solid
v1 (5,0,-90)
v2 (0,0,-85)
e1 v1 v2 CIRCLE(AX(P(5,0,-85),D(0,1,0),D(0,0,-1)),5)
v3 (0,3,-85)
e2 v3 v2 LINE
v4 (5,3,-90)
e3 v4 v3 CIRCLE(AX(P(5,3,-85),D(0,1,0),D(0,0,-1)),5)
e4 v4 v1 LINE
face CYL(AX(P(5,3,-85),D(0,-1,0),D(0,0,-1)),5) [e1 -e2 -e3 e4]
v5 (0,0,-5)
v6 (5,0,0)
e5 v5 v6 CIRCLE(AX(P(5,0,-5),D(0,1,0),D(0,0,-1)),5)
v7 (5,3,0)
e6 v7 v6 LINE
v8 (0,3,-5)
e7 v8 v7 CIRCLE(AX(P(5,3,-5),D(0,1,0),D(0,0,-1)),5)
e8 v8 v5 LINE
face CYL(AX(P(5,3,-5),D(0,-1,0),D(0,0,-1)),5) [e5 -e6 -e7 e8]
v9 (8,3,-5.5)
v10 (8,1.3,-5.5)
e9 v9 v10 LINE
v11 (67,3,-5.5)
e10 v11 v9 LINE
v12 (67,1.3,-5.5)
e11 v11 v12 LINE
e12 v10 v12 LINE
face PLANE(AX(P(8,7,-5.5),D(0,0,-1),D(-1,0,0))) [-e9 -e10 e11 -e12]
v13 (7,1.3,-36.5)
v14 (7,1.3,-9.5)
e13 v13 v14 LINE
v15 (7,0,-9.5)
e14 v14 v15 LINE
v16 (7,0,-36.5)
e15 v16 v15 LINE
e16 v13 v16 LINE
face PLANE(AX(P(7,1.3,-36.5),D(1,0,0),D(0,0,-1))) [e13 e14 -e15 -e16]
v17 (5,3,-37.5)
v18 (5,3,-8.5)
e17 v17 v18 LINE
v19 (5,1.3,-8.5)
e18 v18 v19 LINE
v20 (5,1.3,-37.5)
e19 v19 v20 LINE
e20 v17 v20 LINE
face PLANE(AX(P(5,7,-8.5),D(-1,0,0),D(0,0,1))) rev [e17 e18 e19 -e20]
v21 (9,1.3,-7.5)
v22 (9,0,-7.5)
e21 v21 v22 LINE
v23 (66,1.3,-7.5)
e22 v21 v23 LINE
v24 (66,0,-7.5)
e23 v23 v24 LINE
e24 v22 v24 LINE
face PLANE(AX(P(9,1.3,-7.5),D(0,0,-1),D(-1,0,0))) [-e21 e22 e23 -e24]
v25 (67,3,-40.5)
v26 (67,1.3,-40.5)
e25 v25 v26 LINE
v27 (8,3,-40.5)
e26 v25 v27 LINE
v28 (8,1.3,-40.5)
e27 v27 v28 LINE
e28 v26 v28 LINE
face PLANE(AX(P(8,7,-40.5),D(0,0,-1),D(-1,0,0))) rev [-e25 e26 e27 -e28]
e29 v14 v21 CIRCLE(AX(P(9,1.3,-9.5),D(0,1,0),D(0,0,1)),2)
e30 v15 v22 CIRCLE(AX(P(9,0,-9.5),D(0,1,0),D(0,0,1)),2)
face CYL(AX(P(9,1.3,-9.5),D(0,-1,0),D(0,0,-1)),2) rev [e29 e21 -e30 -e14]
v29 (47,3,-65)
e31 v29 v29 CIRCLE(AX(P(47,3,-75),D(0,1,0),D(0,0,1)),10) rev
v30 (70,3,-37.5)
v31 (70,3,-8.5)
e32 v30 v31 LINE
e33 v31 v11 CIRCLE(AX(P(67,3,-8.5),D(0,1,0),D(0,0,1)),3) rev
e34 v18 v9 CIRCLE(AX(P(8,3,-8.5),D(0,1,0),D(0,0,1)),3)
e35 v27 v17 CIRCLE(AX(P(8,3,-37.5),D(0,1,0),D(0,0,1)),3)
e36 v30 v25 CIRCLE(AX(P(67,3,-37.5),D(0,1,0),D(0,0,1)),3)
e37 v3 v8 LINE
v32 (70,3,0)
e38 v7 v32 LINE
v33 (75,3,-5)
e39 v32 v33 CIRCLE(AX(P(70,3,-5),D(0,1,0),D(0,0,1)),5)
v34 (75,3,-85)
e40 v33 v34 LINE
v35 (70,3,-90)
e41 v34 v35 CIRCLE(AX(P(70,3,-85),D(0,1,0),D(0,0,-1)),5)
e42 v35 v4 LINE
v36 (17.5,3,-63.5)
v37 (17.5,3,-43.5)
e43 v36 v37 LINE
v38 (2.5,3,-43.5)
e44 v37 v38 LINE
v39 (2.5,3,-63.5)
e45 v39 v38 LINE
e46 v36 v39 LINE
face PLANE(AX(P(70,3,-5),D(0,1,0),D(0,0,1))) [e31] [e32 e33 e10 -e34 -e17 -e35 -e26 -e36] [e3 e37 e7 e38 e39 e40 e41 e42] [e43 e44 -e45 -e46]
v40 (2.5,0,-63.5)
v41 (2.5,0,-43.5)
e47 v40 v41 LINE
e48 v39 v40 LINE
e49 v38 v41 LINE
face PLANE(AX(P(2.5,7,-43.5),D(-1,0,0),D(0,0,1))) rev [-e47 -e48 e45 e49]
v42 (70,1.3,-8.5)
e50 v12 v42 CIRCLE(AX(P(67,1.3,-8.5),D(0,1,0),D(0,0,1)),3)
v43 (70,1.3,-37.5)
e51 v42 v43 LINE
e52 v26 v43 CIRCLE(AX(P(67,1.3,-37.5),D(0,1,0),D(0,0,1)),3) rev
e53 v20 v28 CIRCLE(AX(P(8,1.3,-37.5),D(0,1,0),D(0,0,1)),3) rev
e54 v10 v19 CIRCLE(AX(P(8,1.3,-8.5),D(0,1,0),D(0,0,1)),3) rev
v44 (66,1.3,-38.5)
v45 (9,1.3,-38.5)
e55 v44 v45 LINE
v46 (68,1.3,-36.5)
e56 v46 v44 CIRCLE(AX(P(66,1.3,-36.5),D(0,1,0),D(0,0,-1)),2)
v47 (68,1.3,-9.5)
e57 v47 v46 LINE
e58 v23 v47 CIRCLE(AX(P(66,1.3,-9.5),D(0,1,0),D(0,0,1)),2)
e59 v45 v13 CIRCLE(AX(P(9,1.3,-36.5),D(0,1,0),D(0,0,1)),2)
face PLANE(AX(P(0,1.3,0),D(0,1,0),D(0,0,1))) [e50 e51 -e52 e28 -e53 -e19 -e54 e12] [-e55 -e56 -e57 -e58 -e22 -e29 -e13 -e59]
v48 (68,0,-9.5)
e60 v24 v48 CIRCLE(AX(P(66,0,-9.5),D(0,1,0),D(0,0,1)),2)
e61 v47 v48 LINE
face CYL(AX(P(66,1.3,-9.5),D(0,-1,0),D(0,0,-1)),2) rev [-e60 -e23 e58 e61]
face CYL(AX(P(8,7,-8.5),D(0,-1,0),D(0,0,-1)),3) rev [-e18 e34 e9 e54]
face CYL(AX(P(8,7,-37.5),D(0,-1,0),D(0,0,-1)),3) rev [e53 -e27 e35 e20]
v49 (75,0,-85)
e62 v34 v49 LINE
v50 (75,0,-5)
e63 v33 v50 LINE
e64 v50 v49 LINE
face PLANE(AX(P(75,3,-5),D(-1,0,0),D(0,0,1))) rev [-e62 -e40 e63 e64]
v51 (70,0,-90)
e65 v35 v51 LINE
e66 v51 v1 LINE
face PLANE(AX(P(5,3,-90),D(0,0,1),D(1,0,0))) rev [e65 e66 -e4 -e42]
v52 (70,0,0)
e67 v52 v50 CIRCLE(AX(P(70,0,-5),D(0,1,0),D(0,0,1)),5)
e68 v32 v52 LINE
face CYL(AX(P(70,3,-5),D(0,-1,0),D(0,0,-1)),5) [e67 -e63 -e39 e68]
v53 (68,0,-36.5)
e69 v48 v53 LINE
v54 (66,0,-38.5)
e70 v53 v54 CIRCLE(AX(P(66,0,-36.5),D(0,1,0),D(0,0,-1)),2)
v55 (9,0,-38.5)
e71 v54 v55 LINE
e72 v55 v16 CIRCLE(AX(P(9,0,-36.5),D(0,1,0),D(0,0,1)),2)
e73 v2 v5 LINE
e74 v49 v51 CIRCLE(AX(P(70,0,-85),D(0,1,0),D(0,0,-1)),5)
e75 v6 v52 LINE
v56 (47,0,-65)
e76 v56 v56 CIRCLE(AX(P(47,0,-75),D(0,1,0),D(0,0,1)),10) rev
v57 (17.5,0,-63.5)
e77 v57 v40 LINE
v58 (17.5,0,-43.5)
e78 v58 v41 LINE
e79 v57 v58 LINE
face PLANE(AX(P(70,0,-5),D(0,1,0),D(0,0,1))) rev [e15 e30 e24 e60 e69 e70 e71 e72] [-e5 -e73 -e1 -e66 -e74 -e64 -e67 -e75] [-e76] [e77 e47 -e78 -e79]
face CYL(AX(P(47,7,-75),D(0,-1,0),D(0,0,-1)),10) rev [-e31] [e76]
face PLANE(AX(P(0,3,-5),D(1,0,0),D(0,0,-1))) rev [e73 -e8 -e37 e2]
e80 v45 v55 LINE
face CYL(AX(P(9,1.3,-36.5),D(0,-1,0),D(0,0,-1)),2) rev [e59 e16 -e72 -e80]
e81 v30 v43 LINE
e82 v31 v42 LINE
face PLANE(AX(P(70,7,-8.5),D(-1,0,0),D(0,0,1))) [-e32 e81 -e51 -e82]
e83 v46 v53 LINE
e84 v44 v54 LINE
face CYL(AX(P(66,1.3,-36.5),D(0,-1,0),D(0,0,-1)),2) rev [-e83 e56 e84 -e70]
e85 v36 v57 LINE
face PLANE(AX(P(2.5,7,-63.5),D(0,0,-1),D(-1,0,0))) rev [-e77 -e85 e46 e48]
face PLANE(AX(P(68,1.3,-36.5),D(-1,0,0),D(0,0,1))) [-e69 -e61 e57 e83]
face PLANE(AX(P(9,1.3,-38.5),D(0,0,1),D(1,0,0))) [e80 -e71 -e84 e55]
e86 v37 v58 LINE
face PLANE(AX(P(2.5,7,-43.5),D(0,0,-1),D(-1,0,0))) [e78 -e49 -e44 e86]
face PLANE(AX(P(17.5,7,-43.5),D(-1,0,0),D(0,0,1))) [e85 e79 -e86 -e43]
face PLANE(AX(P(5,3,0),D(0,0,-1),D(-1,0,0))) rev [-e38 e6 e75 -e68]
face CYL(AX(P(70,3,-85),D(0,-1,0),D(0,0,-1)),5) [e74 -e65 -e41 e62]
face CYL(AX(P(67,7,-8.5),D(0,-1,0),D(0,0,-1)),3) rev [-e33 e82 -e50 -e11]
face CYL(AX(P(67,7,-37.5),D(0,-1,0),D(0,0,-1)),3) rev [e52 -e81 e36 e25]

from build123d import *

# Parameters (mm, degrees)
BOSS_EXTRUDE1_DEPTH     = 3
SKETCH2_R               = 10
SKETCH2_W               = 15
SKETCH2_H               = 20
CUT_EXTRUDE4_DEPTH      = 7
CUT_EXTRUDE4_DEPTH_BACK = 3
SKETCH6_W               = 65
SKETCH6_H               = 35
BOSS_EXTRUDE5_DEPTH     = 1.3


with BuildPart() as part:
    # Sketch1 → Boss-Extrude1 (new body)
    with BuildSketch(Plane(origin=(0, 0, 0), x_dir=(1, 0, 0), z_dir=(0, 1, 0))):
        with BuildLine():
            Line((5, 0), (70, 0))
            ThreePointArc((70, 0), (73.535533906, 1.464466094), (75, 5))
            Line((75, 5), (75, 85))
            ThreePointArc((75, 85), (73.535533906, 88.535533906), (70, 90))
            Line((70, 90), (5, 90))
            ThreePointArc((5, 90), (1.464466094, 88.535533906), (0, 85))
            Line((0, 85), (0, 5))
            ThreePointArc((0, 5), (1.464466094, 1.464466094), (5, 0))
        make_face()
    extrude(amount=BOSS_EXTRUDE1_DEPTH)

    # Sketch2 → Cut-Extrude4 (cut, two sides)
    with BuildSketch(Plane(origin=(0, 0, 0), x_dir=(1, 0, 0), z_dir=(0, 1, 0))) as cut_extrude4_sk:
        with Locations((47, 75)):
            Circle(SKETCH2_R)
        with BuildLine():
            Line((8, 5.5), (67, 5.5))
            ThreePointArc((67, 5.5), (69.121320344, 6.378679656), (70, 8.5))
            Line((70, 8.5), (70, 37.5))
            ThreePointArc((70, 37.5), (69.121320344, 39.621320344), (67, 40.5))
            Line((67, 40.5), (8, 40.5))
            ThreePointArc((8, 40.5), (5.878679656, 39.621320344), (5, 37.5))
            Line((5, 37.5), (5, 8.5))
            ThreePointArc((5, 8.5), (5.878679656, 6.378679656), (8, 5.5))
        make_face()
        with Locations((10, 53.5)):
            Rectangle(SKETCH2_W, SKETCH2_H)
    extrude(amount=CUT_EXTRUDE4_DEPTH, mode=Mode.SUBTRACT)
    extrude(cut_extrude4_sk.sketch, amount=-CUT_EXTRUDE4_DEPTH_BACK, mode=Mode.SUBTRACT)

    # Sketch6 → Boss-Extrude5 (add)
    with BuildSketch(Plane(origin=(0, 0, 0), x_dir=(1, 0, 0), z_dir=(0, 1, 0))):
        with Locations((37.5, 23)):
            Rectangle(SKETCH6_W, SKETCH6_H)
        with BuildLine():
            Line((9, 38.5), (66, 38.5))
            ThreePointArc((66, 38.5), (67.414213562, 37.914213562), (68, 36.5))
            Line((68, 36.5), (68, 9.5))
            ThreePointArc((68, 9.5), (67.414213562, 8.085786438), (66, 7.5))
            Line((66, 7.5), (9, 7.5))
            ThreePointArc((9, 7.5), (7.585786438, 8.085786438), (7, 9.5))
            Line((7, 9.5), (7, 36.5))
            ThreePointArc((7, 36.5), (7.585786438, 37.914213562), (9, 38.5))
        make_face(mode=Mode.SUBTRACT)
    extrude(amount=BOSS_EXTRUDE5_DEPTH)


solid = part.part
